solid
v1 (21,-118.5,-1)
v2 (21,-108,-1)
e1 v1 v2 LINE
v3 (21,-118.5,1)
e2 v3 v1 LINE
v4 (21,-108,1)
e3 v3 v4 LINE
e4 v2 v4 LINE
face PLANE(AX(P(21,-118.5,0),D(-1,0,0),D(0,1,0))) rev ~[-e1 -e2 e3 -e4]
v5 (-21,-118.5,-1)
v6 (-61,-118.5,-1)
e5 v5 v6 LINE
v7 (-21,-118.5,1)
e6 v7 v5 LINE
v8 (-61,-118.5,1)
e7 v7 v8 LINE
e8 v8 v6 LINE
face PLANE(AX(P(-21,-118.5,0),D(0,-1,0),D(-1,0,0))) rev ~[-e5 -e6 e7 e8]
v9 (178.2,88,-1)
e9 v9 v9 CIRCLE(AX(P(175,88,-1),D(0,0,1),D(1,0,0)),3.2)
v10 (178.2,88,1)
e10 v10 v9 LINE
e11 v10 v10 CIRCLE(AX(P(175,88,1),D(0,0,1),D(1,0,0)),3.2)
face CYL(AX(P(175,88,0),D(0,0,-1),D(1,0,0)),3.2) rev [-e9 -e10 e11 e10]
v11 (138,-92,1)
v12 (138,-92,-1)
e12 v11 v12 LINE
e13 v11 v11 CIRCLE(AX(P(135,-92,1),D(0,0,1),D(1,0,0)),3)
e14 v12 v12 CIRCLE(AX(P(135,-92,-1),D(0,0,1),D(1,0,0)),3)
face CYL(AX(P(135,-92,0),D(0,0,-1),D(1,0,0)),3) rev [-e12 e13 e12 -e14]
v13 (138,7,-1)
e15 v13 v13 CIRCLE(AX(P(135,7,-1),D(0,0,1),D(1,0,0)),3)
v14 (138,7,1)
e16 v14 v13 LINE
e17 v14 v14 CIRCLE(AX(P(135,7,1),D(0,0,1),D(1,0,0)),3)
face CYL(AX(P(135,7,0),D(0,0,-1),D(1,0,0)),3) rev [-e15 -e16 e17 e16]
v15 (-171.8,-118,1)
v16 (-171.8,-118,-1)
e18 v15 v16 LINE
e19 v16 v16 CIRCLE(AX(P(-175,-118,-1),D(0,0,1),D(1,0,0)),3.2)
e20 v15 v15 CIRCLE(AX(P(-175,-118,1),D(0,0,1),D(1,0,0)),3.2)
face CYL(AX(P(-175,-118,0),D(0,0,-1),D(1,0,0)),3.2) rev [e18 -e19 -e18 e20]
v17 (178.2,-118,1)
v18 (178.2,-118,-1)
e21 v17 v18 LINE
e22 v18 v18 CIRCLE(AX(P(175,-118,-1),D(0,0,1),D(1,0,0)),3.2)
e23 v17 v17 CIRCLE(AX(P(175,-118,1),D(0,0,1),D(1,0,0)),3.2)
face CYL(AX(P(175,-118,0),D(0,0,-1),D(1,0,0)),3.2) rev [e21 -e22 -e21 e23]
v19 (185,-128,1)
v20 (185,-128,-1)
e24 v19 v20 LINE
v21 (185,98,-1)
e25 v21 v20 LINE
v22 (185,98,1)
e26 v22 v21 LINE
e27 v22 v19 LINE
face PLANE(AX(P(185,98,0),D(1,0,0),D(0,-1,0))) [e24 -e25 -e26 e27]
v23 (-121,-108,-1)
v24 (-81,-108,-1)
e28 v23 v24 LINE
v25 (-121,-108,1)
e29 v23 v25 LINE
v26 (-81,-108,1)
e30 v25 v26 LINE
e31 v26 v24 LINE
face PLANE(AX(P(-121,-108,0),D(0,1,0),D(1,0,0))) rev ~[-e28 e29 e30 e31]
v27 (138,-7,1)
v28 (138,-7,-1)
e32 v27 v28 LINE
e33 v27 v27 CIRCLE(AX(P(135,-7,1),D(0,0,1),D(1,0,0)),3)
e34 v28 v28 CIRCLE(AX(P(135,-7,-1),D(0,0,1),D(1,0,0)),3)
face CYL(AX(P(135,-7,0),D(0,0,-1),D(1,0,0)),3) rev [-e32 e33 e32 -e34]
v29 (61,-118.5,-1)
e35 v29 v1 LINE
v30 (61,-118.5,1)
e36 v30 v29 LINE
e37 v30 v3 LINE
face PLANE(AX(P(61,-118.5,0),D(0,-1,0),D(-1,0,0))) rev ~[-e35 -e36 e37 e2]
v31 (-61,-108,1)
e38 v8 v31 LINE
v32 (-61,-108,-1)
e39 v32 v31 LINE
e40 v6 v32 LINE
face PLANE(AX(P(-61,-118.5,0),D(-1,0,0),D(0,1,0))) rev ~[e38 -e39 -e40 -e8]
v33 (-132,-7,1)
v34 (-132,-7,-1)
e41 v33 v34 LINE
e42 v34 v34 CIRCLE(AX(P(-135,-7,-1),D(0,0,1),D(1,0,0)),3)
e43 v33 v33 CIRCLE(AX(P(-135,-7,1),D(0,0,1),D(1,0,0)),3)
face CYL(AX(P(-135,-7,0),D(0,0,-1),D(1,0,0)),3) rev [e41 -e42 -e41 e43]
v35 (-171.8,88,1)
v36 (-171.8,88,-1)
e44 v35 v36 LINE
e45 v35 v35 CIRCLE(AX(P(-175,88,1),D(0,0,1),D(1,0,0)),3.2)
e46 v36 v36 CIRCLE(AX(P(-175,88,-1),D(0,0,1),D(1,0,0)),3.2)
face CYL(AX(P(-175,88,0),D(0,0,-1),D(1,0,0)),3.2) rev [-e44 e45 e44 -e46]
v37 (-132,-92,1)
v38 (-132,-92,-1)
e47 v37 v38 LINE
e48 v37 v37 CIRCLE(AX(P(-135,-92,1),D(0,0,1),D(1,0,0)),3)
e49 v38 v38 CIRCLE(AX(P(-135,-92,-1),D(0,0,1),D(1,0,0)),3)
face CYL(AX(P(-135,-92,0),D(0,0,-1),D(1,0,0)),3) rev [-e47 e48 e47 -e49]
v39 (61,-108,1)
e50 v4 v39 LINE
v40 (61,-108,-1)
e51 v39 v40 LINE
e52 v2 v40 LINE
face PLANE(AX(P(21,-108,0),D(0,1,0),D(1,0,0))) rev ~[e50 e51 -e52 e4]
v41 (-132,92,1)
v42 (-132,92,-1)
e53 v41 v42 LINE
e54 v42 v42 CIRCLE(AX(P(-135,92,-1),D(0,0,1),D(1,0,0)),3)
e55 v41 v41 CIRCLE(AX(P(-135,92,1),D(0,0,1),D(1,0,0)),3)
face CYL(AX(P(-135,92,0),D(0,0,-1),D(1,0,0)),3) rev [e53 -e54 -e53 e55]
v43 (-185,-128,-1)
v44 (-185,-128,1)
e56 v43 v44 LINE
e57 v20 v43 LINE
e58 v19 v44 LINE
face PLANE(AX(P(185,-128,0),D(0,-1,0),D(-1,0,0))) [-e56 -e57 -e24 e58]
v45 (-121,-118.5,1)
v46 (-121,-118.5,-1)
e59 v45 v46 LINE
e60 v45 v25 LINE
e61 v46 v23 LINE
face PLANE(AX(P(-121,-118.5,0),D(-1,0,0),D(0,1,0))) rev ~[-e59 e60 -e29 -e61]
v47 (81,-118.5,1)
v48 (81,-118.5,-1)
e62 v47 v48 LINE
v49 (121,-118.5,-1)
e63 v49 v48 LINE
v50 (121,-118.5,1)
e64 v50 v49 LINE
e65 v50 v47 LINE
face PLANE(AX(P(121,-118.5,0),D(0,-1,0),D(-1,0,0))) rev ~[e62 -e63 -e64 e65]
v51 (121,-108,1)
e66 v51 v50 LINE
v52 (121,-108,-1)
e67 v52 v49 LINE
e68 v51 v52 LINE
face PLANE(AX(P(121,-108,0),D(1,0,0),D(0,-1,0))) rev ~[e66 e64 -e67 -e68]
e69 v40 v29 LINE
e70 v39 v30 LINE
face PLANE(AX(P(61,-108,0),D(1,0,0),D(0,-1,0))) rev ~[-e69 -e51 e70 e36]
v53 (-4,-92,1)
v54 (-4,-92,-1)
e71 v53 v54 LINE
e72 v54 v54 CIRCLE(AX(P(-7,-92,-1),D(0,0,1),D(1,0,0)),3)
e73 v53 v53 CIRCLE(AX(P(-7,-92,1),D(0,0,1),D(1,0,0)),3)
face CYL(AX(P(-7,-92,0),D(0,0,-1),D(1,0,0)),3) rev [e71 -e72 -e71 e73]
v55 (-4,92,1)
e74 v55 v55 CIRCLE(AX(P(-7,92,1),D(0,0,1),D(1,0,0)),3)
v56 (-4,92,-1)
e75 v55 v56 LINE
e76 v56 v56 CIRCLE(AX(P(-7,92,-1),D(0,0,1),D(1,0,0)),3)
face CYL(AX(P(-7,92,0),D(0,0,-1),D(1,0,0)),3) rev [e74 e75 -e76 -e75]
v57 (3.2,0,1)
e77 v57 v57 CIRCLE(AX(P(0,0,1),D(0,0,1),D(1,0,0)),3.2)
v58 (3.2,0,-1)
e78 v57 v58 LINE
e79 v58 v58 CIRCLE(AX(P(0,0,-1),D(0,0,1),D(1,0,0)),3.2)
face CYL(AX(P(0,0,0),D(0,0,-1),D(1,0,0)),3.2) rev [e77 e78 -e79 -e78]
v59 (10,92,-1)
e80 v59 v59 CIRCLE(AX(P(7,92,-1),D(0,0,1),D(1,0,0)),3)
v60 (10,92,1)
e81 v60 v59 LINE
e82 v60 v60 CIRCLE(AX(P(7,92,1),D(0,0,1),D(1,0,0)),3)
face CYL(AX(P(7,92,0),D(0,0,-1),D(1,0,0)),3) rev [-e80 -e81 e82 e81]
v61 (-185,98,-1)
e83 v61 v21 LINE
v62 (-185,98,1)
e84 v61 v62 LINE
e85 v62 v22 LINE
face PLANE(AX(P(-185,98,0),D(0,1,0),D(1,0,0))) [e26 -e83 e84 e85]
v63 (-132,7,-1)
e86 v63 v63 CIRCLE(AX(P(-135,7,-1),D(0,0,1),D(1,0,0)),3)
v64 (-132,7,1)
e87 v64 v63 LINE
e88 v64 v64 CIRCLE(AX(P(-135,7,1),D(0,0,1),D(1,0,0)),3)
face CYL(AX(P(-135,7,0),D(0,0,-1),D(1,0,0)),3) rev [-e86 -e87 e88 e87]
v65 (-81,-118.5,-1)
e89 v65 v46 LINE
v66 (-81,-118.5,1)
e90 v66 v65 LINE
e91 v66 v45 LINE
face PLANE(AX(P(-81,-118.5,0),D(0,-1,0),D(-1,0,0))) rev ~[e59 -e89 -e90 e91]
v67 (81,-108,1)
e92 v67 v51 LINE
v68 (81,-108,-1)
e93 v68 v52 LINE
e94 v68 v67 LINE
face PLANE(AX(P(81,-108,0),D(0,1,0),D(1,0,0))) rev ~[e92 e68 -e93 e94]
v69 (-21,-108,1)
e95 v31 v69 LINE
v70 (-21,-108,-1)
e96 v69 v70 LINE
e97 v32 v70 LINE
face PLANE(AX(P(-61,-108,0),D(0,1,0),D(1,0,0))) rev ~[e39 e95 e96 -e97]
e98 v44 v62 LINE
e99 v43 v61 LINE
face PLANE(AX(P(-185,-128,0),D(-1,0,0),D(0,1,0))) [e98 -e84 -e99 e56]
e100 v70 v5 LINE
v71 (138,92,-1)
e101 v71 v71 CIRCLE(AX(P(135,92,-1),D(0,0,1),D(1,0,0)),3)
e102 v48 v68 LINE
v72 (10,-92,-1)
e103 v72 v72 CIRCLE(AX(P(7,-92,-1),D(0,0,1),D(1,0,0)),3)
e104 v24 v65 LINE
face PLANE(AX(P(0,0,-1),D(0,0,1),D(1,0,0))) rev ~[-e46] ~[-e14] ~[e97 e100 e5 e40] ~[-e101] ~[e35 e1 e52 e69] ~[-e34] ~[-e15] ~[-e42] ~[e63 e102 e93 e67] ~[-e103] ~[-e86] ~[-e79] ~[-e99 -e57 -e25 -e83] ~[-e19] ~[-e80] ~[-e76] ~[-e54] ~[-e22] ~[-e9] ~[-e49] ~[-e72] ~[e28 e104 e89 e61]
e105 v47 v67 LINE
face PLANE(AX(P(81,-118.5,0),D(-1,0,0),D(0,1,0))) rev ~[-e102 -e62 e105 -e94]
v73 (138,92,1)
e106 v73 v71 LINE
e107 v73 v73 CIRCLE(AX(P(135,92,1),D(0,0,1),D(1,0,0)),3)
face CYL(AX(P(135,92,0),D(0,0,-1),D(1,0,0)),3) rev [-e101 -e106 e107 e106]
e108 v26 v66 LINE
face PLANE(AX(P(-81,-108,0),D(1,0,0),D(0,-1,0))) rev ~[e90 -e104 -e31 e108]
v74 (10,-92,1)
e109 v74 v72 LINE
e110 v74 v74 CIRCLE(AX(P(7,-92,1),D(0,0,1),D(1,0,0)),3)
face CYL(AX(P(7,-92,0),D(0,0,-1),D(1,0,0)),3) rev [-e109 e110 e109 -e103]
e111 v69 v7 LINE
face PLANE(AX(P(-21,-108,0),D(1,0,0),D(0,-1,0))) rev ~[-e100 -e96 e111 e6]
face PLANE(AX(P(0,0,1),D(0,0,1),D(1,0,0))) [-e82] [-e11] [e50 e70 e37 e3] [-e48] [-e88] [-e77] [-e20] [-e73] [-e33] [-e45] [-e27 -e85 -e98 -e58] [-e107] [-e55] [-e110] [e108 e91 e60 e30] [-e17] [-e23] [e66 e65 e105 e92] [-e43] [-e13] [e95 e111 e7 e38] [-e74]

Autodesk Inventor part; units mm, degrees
ref_plane "YZ Plane" through (0, 0, 0) normal (1, 0, 0) x (0, 1, 0)
ref_plane "XZ Plane" through (0, 0, 0) normal (0, 1, 0) x (-1, 0, 0)
ref_plane "XY Plane" through (0, 0, 0) normal (0, 0, 1) x (1, 0, 0)
sketch "Sketch2" plane through (0, 0, 0) normal (0, 0, 1) x (1, 0, 0)
  circle A0 centre (-135, -7) radius 3
  circle A1 centre (-135, 7) radius 3
  circle A2 centre (-135, 92) radius 3
  circle A3 centre (-135, -92) radius 3
  circle A4 centre (135, -92) radius 3
  circle A5 centre (135, -7) radius 3
  circle A6 centre (135, 7) radius 3
  circle A7 centre (135, 92) radius 3
  circle A8 centre (-7, 92) radius 3
  circle A9 centre (7, 92) radius 3
  circle A10 centre (-7, -92) radius 3
  circle A11 centre (7, -92) radius 3
  circle A12 centre (175, 88) radius 3.2
  circle A13 centre (175, -118) radius 3.2
  circle A14 centre (-175, -118) radius 3.2
  circle A15 centre (-175, 88) radius 3.2
  line L0 (-185, 98) -> (185, 98)
  line L1 (185, 98) -> (185, -128)
  line L2 (185, -128) -> (-185, -128)
  line L3 (-185, -128) -> (-185, 98)
  line L4 (-121, -108) -> (-81, -108)
  line L5 (-81, -108) -> (-81, -118.5)
  line L6 (-81, -118.5) -> (-121, -118.5)
  line L7 (-121, -118.5) -> (-121, -108)
  line L8 (-61, -108) -> (-21, -108)
  line L9 (-21, -108) -> (-21, -118.5)
  line L10 (-21, -118.5) -> (-61, -118.5)
  line L11 (-61, -118.5) -> (-61, -108)
  line L12 (21, -108) -> (61, -108)
  line L13 (61, -108) -> (61, -118.5)
  line L14 (61, -118.5) -> (21, -118.5)
  line L15 (21, -118.5) -> (21, -108)
  line L16 (81, -108) -> (121, -108)
  line L17 (121, -108) -> (121, -118.5)
  line L18 (121, -118.5) -> (81, -118.5)
  line L19 (81, -118.5) -> (81, -108)
  circle A16 centre (0, 0) radius 3.2
extrude "Extrusion2" add sketch "Sketch2" along normal mid plane 2
properties part number "top_plate"
